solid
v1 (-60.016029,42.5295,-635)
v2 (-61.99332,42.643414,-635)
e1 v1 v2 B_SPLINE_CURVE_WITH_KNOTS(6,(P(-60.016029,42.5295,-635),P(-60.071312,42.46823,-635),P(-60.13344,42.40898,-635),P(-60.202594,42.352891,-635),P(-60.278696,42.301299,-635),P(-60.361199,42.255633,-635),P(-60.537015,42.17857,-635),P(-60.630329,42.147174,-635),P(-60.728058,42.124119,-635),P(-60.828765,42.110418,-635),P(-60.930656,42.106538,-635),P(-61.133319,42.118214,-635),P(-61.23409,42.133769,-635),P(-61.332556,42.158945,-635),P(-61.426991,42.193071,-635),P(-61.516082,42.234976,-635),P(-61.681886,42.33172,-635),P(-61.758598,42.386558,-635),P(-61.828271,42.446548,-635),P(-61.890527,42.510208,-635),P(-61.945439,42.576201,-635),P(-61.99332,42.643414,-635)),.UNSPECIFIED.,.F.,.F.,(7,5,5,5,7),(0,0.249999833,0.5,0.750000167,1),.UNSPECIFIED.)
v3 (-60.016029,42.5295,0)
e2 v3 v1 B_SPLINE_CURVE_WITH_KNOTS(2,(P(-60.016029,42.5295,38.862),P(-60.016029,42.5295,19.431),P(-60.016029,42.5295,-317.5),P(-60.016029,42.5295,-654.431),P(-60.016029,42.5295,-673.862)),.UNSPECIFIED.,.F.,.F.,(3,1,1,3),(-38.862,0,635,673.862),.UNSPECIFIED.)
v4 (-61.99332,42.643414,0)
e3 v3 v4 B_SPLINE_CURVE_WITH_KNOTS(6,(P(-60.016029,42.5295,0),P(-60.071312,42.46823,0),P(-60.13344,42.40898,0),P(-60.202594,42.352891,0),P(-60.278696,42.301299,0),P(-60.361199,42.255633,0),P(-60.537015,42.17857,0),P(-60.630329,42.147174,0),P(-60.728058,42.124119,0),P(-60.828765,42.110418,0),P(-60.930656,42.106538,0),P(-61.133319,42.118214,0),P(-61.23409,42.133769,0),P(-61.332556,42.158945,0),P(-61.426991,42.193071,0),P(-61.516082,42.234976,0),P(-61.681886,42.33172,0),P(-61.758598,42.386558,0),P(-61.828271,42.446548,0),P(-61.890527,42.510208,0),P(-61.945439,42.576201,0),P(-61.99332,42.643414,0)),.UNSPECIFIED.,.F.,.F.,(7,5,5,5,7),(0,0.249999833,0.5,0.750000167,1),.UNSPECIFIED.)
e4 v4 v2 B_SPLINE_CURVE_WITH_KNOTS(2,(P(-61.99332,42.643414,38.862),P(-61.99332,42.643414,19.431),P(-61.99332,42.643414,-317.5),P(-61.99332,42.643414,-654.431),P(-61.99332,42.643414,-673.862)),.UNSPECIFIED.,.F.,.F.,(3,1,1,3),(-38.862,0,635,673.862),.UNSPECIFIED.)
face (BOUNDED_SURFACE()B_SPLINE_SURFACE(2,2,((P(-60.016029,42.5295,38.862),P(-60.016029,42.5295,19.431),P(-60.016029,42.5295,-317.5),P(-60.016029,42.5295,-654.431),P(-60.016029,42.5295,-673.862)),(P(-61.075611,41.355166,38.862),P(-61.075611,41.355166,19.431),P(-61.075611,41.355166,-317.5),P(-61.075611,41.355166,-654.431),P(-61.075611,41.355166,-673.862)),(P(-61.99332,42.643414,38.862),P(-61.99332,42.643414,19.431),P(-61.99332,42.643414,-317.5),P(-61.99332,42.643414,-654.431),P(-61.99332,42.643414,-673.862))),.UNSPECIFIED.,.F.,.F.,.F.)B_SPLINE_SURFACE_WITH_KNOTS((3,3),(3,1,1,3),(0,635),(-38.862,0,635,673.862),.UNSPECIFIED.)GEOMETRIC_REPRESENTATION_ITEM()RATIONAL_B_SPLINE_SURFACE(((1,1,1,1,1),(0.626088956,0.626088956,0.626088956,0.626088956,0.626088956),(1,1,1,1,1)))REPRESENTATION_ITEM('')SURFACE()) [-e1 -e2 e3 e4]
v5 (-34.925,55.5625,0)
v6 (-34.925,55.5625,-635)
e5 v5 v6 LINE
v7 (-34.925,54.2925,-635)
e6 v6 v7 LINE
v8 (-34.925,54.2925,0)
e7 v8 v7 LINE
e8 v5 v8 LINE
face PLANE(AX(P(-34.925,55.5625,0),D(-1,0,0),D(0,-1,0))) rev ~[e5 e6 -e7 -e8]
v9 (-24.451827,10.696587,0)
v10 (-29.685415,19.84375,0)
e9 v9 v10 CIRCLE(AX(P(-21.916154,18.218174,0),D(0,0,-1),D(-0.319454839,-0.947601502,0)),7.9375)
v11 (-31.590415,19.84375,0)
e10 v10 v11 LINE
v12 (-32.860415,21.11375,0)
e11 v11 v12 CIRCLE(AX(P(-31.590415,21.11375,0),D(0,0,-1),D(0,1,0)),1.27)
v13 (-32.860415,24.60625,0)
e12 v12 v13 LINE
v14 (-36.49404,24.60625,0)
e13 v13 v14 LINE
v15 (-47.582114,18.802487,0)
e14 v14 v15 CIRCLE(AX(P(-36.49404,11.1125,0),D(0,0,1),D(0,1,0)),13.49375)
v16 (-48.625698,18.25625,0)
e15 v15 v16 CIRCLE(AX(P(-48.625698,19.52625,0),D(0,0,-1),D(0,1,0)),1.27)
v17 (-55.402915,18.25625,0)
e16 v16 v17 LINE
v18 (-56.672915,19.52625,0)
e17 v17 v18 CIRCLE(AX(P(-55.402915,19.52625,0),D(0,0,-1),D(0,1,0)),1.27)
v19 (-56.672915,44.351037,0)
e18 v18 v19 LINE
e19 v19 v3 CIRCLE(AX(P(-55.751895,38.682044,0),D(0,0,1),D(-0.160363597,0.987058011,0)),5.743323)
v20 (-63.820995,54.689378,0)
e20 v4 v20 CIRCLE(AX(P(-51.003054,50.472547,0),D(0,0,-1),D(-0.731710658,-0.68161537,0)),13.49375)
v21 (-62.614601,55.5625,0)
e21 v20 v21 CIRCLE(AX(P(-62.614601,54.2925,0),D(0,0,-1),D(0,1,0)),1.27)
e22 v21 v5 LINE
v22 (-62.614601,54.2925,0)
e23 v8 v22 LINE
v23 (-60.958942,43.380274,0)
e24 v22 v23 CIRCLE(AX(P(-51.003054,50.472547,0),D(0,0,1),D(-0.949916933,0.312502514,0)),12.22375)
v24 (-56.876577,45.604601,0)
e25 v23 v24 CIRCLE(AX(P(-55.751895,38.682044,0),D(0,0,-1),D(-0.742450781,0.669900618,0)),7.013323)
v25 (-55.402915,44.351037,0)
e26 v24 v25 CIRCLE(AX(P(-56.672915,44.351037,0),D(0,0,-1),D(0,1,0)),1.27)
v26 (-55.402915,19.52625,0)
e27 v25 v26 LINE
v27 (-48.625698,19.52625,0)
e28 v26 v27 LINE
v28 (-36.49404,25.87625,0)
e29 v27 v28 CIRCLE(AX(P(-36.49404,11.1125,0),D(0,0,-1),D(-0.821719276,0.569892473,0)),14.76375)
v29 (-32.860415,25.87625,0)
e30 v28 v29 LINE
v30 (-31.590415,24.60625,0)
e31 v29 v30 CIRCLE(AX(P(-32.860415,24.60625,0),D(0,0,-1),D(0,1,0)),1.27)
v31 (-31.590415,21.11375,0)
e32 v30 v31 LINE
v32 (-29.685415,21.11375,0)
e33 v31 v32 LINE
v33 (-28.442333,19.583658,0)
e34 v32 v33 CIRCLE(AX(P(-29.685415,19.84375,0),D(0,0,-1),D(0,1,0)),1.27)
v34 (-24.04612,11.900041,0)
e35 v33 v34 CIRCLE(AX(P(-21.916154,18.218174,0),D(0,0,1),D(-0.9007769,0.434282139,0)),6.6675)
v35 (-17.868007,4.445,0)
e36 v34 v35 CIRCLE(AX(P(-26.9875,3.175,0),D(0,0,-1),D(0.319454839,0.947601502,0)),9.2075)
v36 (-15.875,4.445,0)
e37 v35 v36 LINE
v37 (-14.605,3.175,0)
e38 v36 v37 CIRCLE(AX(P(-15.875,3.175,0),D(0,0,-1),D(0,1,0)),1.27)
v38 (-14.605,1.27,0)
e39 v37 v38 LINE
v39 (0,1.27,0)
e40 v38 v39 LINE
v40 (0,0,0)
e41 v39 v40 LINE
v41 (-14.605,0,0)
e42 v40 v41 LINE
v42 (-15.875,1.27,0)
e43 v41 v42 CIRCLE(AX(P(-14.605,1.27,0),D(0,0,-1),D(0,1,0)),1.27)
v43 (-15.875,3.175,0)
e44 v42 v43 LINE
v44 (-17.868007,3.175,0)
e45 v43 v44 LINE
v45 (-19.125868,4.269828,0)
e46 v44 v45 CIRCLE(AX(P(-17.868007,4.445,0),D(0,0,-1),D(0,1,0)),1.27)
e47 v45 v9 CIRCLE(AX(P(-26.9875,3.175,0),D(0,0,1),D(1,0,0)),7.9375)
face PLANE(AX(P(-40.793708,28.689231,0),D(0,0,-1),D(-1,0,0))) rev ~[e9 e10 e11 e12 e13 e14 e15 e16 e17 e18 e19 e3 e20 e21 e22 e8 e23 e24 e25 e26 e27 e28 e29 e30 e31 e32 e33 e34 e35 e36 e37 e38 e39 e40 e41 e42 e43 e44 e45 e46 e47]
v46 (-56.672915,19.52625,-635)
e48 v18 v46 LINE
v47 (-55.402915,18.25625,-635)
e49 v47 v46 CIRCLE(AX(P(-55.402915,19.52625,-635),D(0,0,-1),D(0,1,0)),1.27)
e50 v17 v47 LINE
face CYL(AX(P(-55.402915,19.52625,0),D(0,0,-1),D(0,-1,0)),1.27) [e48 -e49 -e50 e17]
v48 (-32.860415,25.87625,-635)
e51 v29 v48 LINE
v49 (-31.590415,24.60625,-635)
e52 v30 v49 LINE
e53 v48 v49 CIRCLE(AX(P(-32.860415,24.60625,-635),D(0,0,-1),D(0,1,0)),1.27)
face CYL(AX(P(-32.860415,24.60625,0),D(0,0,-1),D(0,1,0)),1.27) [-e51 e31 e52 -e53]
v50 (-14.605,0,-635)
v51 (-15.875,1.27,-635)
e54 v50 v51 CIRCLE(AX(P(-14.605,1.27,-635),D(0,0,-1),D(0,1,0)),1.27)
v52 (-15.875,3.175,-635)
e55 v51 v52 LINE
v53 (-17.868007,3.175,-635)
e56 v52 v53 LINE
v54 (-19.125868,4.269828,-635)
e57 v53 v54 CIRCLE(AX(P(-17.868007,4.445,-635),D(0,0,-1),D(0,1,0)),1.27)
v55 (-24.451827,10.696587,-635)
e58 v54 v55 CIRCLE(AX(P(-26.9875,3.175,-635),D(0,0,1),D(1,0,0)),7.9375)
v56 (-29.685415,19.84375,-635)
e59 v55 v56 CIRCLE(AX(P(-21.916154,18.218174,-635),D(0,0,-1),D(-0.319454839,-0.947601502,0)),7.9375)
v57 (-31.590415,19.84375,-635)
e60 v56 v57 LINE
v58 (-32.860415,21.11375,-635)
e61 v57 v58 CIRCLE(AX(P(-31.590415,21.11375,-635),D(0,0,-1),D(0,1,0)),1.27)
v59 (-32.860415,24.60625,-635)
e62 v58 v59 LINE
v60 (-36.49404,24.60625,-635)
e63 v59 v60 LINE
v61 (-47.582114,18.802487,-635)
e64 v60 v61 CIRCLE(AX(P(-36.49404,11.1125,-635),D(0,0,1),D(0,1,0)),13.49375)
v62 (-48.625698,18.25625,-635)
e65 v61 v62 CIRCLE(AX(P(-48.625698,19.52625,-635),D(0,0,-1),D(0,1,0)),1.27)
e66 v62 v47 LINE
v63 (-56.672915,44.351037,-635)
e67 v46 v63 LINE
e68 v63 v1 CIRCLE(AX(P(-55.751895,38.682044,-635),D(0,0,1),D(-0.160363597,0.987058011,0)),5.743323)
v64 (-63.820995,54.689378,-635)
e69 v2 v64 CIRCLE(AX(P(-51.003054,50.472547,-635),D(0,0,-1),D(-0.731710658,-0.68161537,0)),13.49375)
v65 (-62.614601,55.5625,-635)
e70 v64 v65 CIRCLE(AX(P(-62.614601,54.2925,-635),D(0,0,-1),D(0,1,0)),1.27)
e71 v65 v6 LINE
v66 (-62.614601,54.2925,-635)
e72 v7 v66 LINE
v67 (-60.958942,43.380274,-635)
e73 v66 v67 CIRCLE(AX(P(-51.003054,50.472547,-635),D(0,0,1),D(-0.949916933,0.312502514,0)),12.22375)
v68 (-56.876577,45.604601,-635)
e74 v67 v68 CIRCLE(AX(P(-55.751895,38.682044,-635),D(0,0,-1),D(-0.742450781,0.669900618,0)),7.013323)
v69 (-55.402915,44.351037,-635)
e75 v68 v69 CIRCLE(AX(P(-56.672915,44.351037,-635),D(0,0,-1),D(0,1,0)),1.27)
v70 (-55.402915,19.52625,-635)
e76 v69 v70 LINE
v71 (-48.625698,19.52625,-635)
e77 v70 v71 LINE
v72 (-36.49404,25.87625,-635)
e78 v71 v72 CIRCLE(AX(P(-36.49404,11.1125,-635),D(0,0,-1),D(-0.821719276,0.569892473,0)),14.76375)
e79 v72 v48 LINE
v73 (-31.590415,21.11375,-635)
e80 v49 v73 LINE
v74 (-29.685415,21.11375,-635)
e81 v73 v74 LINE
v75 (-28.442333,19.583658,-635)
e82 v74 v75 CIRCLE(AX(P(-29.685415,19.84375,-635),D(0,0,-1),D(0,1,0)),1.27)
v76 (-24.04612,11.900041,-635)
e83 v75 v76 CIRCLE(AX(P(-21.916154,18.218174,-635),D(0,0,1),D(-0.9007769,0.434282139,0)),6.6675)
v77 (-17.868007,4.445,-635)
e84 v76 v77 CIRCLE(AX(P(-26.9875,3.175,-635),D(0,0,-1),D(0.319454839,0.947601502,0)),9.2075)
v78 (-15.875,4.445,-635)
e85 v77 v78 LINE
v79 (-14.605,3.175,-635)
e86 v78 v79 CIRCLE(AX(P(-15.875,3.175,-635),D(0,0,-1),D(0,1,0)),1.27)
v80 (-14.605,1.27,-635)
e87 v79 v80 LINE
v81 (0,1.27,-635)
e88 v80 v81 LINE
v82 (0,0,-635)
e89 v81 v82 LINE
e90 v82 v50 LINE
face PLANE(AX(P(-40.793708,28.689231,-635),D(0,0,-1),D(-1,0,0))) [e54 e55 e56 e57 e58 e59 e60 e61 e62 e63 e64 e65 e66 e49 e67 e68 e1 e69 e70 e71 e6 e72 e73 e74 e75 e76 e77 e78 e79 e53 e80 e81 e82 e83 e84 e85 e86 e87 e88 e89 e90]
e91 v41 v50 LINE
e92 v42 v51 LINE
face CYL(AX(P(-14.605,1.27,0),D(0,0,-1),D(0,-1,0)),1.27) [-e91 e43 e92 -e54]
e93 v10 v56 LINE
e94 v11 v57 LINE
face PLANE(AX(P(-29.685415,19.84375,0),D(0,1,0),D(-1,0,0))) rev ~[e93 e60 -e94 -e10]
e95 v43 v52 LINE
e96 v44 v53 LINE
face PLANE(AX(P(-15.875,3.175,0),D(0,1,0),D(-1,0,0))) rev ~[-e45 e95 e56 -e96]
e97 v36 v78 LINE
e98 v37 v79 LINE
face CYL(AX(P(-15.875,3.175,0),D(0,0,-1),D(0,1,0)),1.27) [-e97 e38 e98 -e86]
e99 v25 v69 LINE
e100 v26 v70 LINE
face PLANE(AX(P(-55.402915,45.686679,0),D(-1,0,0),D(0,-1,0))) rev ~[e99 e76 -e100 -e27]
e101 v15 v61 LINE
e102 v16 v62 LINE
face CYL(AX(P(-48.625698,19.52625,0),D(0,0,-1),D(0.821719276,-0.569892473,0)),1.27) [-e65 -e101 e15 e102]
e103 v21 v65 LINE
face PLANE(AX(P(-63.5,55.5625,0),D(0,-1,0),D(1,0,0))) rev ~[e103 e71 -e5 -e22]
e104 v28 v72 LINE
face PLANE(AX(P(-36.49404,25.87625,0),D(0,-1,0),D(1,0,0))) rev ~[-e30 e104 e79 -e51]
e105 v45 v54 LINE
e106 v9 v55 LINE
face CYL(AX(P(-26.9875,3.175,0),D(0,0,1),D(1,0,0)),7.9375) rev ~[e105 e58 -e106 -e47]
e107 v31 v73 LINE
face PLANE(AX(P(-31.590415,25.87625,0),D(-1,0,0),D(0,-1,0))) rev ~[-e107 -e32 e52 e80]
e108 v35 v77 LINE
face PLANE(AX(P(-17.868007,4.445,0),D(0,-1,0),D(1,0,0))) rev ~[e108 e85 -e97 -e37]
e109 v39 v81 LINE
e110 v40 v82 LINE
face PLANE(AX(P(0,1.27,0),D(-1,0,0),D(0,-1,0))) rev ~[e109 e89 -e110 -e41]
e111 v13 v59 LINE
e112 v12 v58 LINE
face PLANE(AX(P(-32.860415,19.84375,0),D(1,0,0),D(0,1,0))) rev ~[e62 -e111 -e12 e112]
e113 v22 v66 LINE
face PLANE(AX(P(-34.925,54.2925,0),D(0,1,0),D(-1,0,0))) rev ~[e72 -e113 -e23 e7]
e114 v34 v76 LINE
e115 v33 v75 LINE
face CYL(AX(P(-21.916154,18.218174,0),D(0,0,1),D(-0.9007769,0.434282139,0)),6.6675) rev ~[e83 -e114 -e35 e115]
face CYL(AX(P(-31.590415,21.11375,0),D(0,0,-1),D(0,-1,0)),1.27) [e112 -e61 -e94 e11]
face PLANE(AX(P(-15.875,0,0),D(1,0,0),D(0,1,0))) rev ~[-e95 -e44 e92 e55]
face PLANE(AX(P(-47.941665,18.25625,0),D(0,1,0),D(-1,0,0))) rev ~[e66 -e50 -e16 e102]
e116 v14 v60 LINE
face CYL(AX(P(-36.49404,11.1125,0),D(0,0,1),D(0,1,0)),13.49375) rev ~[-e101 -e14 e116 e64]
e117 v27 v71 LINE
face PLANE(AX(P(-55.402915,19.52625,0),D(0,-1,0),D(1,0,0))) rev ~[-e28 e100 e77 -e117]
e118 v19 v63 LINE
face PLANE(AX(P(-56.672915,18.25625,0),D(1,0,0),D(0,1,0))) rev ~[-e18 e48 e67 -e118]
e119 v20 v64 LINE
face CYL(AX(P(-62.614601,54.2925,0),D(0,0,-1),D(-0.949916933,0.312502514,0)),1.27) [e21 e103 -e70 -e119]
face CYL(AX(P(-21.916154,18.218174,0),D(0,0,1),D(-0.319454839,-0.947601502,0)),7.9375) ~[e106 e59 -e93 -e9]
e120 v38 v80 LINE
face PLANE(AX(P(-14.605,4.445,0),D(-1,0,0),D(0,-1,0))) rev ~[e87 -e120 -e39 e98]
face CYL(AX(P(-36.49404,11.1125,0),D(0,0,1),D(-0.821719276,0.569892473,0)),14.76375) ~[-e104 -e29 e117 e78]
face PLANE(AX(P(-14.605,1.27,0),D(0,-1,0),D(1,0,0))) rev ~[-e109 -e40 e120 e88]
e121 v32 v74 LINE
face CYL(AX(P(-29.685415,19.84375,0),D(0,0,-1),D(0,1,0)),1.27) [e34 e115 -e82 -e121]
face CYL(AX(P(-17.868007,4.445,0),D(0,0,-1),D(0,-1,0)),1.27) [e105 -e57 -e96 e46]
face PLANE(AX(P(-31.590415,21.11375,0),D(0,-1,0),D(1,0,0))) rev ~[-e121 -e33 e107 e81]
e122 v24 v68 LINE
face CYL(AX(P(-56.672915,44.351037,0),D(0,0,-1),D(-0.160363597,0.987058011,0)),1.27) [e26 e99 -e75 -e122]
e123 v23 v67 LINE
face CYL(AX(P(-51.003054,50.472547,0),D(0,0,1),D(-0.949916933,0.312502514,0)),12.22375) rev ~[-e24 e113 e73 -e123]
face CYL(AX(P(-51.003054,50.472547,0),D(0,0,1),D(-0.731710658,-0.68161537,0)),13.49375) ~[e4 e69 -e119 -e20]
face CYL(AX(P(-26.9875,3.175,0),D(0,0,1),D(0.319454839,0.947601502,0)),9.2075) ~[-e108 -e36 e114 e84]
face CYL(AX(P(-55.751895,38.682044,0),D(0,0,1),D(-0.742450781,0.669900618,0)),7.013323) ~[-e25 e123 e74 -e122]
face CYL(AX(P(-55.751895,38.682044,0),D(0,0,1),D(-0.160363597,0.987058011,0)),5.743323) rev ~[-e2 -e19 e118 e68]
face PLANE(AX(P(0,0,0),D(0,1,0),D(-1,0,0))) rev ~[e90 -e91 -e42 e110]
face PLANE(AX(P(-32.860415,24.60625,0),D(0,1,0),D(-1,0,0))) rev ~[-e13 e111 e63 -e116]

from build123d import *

# Parameters (mm, degrees)
EXTRUDE_THIN1_DEPTH = 635
FILLET1_R           = 1.27


with BuildPart() as part:
    # Sketch1 → Extrude-Thin1 (new body)
    with BuildSketch(Plane.XY):
        with BuildLine():
            Line((0, 0), (-15.875, 0))
            Line((-15.875, 0), (-15.875, 3.175))
            Line((-15.875, 3.175), (-19.05, 3.175))
            ThreePointArc((-19.05, 3.175), (-20.540376263, 7.805172974), (-24.451827217, 10.69658692))
            ThreePointArc((-24.451827217, 10.69658692), (-28.805679852, 14.276302994), (-29.685414913, 19.84375))
            Line((-29.685414913, 19.84375), (-32.860414913, 19.84375))
            Line((-32.860414913, 19.84375), (-32.860414913, 24.60625))
            Line((-32.860414913, 24.60625), (-36.494039614, 24.60625))
            ThreePointArc((-36.494039614, 24.60625), (-43.039469794, 22.912442068), (-47.941664913, 18.25625))
            Line((-47.941664913, 18.25625), (-56.672914913, 18.25625))
            Line((-56.672914913, 18.25625), (-56.672914913, 44.351036989))
            ThreePointArc((-56.672914913, 44.351036989), (-59.143520033, 43.316980719), (-60.876574207, 41.275))
            ThreePointArc((-60.876574207, 41.275), (-64.274926573, 48.035607826), (-63.5, 55.5625))
            Line((-63.5, 55.5625), (-34.925, 55.5625))
            Line((-34.925, 55.5625), (-34.925, 54.2925))
            Line((-34.925, 54.2925), (-62.614600616, 54.2925))
            ThreePointArc((-62.614600616, 54.2925), (-63.088488589, 48.638883567), (-60.958941974, 43.380273504))
            ThreePointArc((-60.958941974, 43.380273504), (-58.440775835, 45.159436942), (-55.402914913, 45.686679074))
            Line((-55.402914913, 45.686679074), (-55.402914913, 19.52625))
            Line((-55.402914913, 19.52625), (-48.62569758, 19.52625))
            ThreePointArc((-48.62569758, 19.52625), (-43.340564736, 24.19276788), (-36.494039614, 25.87625))
            Line((-36.494039614, 25.87625), (-31.590414913, 25.87625))
            Line((-31.590414913, 25.87625), (-31.590414913, 21.11375))
            Line((-31.590414913, 21.11375), (-27.922084416, 21.11375))
            ThreePointArc((-27.922084416, 21.11375), (-28.061990954, 15.63278224), (-24.046119572, 11.900040827))
            ThreePointArc((-24.046119572, 11.900040827), (-19.898030583, 9.05015784), (-17.868006799, 4.445))
            Line((-17.868006799, 4.445), (-14.605, 4.445))
            Line((-14.605, 4.445), (-14.605, 1.27))
            Line((-14.605, 1.27), (0, 1.27))
            Line((0, 1.27), (0, 0))
        make_face()
    extrude(amount=-EXTRUDE_THIN1_DEPTH)

    # Fillet1
    fillet1_edges = [part.edges().sort_by_distance(p)[0] for p in [
        (-55.402914913, 45.686679074, -317.5),
        (-31.590414913, 25.87625, -317.5),
        (-27.922084416, 21.11375, -317.5),
        (-14.605, 4.445, -317.5),
        (-15.875, 0, -317.5),
        (-19.05, 3.175, -317.5),
        (-32.860414913, 19.84375, -317.5),
        (-47.941664913, 18.25625, -317.5),
        (-56.672914913, 18.25625, -317.5),
        (-60.876574207, 41.275, -317.5),
        (-63.5, 55.5625, -317.5),
    ]]
    fillet(fillet1_edges, radius=FILLET1_R)


solid = part.part
